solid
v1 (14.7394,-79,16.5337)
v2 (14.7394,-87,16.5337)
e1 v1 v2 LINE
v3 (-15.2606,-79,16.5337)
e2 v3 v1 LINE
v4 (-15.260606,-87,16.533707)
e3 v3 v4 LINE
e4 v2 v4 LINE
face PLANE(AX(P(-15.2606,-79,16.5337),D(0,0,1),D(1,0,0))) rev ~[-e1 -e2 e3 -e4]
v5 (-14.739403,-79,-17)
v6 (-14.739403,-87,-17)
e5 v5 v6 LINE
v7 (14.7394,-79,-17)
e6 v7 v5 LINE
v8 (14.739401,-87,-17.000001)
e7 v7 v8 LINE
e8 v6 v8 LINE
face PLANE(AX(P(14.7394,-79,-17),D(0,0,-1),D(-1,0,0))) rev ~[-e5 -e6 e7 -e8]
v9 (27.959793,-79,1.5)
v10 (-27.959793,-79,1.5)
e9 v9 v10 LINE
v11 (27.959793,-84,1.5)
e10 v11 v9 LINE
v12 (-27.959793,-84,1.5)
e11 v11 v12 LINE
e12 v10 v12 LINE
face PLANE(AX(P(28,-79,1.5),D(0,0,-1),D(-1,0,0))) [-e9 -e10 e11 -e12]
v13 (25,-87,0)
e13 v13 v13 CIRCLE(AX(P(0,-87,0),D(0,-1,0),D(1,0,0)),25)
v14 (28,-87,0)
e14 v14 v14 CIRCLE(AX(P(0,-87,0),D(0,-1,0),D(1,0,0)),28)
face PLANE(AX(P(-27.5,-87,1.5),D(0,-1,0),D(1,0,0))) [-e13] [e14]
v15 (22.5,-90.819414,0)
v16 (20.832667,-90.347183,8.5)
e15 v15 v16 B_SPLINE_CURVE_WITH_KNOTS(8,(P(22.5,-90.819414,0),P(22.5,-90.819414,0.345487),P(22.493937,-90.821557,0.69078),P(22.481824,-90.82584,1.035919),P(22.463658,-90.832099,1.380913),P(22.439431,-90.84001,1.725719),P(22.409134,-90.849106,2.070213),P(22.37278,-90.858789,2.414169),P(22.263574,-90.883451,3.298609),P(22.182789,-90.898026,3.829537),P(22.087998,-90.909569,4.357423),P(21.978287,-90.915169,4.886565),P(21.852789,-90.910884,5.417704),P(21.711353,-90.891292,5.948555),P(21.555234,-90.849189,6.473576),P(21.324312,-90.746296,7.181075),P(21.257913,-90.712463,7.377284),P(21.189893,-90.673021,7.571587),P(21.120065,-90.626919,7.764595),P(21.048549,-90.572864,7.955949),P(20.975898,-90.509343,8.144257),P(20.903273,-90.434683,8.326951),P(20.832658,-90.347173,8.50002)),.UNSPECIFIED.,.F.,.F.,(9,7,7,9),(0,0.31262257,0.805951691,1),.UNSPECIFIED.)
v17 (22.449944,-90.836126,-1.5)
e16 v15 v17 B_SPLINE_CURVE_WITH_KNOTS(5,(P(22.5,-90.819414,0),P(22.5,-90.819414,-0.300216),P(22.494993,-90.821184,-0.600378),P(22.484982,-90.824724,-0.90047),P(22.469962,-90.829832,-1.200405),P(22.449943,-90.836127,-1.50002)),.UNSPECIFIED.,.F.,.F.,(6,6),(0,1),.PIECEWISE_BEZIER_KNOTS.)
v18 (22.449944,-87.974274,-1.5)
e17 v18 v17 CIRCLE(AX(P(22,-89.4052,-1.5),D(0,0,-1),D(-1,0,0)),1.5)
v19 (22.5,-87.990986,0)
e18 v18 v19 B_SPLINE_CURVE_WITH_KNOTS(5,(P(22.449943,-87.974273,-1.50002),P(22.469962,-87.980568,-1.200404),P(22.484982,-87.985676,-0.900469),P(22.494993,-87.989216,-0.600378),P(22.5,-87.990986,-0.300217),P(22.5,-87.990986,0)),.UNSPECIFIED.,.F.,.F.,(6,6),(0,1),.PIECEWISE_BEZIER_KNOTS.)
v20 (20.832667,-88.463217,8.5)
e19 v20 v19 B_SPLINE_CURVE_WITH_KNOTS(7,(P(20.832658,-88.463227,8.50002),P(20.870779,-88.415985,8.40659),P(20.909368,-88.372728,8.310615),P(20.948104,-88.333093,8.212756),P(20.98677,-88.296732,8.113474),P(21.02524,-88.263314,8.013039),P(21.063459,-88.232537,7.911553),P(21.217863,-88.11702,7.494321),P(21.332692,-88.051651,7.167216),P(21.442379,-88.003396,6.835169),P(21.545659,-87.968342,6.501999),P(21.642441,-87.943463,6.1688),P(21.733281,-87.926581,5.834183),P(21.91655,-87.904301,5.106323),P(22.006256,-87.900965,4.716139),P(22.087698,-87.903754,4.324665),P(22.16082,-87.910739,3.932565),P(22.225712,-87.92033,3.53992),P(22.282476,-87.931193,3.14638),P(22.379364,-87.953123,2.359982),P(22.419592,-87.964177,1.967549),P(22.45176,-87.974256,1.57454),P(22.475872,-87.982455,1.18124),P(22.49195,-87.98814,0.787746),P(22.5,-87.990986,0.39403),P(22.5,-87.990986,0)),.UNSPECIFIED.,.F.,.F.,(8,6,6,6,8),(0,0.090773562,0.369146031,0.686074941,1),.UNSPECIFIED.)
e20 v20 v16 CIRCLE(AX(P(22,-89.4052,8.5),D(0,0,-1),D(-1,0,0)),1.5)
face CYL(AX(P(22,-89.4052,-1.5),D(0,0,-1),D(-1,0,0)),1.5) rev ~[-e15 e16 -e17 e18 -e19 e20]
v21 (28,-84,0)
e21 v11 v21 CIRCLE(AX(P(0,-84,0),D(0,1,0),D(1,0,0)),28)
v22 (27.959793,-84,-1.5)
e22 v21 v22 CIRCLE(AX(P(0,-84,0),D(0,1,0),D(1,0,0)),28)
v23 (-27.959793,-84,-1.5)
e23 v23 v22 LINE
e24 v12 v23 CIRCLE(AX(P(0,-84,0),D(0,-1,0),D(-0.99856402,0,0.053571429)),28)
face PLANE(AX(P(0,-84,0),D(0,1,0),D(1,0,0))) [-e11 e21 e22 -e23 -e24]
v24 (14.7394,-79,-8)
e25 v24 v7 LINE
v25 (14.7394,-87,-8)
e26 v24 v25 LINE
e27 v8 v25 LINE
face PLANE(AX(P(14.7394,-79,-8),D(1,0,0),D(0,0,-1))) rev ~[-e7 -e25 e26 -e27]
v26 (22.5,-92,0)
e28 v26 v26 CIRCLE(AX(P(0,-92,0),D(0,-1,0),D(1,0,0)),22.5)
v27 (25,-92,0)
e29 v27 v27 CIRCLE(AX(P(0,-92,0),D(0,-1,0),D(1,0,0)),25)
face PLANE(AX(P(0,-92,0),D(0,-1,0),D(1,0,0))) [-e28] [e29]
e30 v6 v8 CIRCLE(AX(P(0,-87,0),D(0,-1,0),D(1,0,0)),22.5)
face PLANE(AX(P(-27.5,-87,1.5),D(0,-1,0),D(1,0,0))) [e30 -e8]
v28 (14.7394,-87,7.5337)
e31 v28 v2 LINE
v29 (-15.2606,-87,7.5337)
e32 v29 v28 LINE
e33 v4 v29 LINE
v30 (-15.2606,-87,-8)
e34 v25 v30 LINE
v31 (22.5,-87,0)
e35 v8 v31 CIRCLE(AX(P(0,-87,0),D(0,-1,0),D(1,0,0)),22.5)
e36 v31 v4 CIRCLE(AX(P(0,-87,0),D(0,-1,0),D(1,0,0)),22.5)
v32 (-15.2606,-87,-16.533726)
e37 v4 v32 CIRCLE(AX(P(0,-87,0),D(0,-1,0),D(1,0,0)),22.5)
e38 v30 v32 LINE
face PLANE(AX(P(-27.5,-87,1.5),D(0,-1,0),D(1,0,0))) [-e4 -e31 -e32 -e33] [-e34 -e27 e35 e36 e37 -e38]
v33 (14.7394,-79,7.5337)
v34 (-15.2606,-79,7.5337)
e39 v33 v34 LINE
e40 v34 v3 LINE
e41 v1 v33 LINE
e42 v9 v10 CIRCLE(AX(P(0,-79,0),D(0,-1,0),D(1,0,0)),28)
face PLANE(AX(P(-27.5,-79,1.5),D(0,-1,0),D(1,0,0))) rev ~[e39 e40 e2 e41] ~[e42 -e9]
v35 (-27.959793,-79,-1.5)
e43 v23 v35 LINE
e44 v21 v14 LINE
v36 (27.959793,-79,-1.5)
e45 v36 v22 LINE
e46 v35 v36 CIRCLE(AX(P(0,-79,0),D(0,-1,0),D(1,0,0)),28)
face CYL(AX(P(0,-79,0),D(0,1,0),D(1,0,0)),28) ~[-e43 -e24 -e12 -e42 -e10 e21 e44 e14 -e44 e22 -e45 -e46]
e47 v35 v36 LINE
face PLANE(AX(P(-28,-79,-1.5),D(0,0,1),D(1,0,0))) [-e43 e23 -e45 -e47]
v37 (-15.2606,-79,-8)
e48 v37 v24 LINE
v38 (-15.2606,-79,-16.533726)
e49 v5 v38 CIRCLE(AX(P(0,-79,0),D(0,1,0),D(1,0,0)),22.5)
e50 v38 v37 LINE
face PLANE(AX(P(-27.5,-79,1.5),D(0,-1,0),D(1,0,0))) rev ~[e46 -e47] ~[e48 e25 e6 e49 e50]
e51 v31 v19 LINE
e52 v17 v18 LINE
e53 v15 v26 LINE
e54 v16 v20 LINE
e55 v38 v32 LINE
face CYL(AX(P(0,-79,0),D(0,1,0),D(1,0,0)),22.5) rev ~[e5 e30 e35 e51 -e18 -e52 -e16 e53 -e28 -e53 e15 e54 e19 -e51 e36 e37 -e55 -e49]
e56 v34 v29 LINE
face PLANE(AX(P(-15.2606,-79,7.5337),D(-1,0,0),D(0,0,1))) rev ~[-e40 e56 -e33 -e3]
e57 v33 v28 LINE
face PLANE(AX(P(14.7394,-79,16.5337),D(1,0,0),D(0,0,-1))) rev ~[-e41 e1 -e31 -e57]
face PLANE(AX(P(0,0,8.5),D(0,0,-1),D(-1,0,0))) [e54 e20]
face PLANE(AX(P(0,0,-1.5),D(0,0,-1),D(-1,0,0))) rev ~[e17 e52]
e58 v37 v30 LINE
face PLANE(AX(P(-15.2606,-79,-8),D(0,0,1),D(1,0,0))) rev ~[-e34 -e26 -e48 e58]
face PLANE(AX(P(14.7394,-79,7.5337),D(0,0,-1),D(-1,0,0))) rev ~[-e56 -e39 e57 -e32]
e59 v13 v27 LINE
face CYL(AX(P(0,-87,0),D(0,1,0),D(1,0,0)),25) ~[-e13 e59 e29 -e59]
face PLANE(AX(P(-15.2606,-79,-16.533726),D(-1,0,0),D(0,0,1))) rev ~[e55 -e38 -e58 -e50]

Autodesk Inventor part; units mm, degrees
ref_plane "YZ Plane" through (0, 0, 0) normal (1, 0, 0) x (0, 1, 0)
ref_plane "XZ Plane" through (0, 0, 0) normal (0, 1, 0) x (-1, 0, 0)
ref_plane "XY Plane" through (0, 0, 0) normal (0, 0, 1) x (1, 0, 0)
sketch "Sketch1" plane through (0, 0, 0) normal (0, 0, 1) x (1, 0, 0)
  line L0 (-27.5, 79) -> (27.5, 79)
  line L1 (27.5, 79) -> (27.5, -79)
  line L2 (27.5, -79) -> (-27.5, -79)
  line L3 (-27.5, -79) -> (-27.5, 79)
  line L4 (-20, 71.5) -> (20, 71.5)
  line L5 (20, 71.5) -> (20, -71.5)
  line L6 (20, -71.5) -> (-20, -71.5)
  line L7 (-20, -71.5) -> (-20, 71.5)
  point P0 (0, 0)
  point P1 (0, -79)
  dimension "d0" = 55
  dimension "d1" = 158
  dimension "d2" = 79
  dimension "d3" = 27.5
  dimension "d4" = 143
  dimension "d5" = 40
  dimension "d6" = 20
  dimension "d7" = 71.5
extrude "Extrusion1" add sketch "Sketch1" along normal mid plane 3
sketch "Sketch2" plane through (-27.5, 79, -1.5) normal (0, 1, 0) x (1, 0, 0)
  circle A0 centre (27.5, -1.5) radius 28
  point P0 (27.5, -1.5)
  dimension "d10" = 56
extrude "Extrusion2" add sketch "Sketch2" against normal blind 8
sketch "Sketch3" plane through (0, 0, 1.5) normal (0, 0, 1) x (1, 0, 0)
  line L0 (-25, 71) -> (25, 71)
  line L1 (25, 71) -> (25, -9)
  line L2 (25, -9) -> (-25, -9)
  line L3 (-25, -9) -> (-25, 71)
  circle A0 centre (-22, -6) radius 1.5
  circle A1 centre (-22, 68) radius 1.5
  circle A2 centre (22, -6) radius 1.5
  circle A3 centre (22, 68) radius 1.5
  line L4 (-28, 71) -> (28, 71) projected
  point P0 (0, 0)
  dimension "d13" = 80
  dimension "d14" = 50
  dimension "d15" = 25
  dimension "d16" = 3
  dimension "d18" = 3
  dimension "d19" = 3
  dimension "d20" = 3
  dimension "d21" = 44
  dimension "d22" = 44
  dimension "d23" = 22
  dimension "d24" = 22
  dimension "d25" = 74
  dimension "d27" = 74
  dimension "d77" = 0
  dimension "d78" = 3
  dimension "d79" = 3
extrude "Extrusion3" cut sketch "Sketch3" against normal blind 6 contours A0 | A1 | A2 | A3
sketch "Sketch4" plane through (-27.5, -79, 1.5) normal (0, -1, 0) x (1, 0, 0)
  circle A0 centre (27.5, -1.5) radius 28
  point P0 (27.5, -1.5)
extrude "Extrusion4" add sketch "Sketch4" along normal blind 8
sketch "Sketch5" plane through (0, 0, 0) normal (1, 0, 0) x (0, 1, 0)
  circle A0 centre (-81.5, 0) radius 1.5
  line L0 (-79, 28) -> (-79, -28) projected
  point P0 (0, 0)
  dimension "d33" = 3
  dimension "d34" = 2.5
extrude "Extrusion5" cut sketch "Sketch5" along normal through all both and the other way through all
thread "Thread1" size "M3x0.5" class "6H" standard "ANSI Metric M Profile" full length
sketch "Sketch6" plane through (0, -87, 0) normal (0, -1, 0) x (1, 0, 0)
  circle A0 centre (0, 0) radius 25
  circle A1 centre (0, 0) radius 22.5
  point P0 (0, 0)
  dimension "d39" = 50
  dimension "d40" = 45
extrude "Extrusion6" add sketch "Sketch6" along normal blind 5
thread "Thread2" size "M50x2" class "6g" standard "ANSI Metric M Profile" full length
sketch "Sketch7" plane through (0, -79, 0) normal (0, 1, 0) x (1, 0, 0)
  circle A0 centre (0, 0) radius 22.5 projected
  line L0 (14.7394, 17) -> (-15.2606, 17)
  line L1 (-15.2606, 17) -> (-15.2606, 8)
  line L2 (-15.2606, 8) -> (14.7394, 8)
  line L3 (14.7394, 8) -> (14.7394, 17)
  line L4 (14.7394, -7.5337) -> (-15.2606, -7.5337)
  line L5 (-15.2606, -7.5337) -> (-15.2606, -16.5337)
  line L6 (-15.2606, -16.5337) -> (14.7394, -16.5337)
  line L7 (14.7394, -16.5337) -> (14.7394, -7.5337)
  point P0 (0, 0)
  point P1 (-14.7394, 17)
  point P2 (-15.2606, 16.5337)
  dimension "d45" = 9
  dimension "d46" = 9
  dimension "d47" = 30
  dimension "d48" = 8
extrude "Extrusion7" cut sketch "Sketch7" against normal blind 10 contours L5 L4 L7 L6 | L3 L2 L1 A0 L0
sketch "Sketch8" plane through (0, 79, 0) normal (0, 1, 0) x (1, 0, 0)
  circle A0 centre (0, -17) radius 1.5
  circle A1 centre (-17, 0) radius 1.5
  circle A2 centre (0, 17) radius 1.5
  circle A3 centre (17, 0) radius 1.5
  point P0 (0, 0)
  dimension "d51" = 3
  dimension "d52" = 3
  dimension "d53" = 3
  dimension "d54" = 3
  dimension "d55" = 34
  dimension "d56" = 34
  dimension "d57" = 17
  dimension "d58" = 17
extrude "Extrusion8" cut sketch "Sketch8" against normal blind 10
sketch "Sketch10" plane through (0, 79, 0) normal (0, 1, 0) x (1, 0, 0)
  circle A0 centre (0, 0) radius 28
  circle A1 centre (0, 0) radius 26.5
  point P0 (0, 0)
  dimension "d80" = 53
  dimension "d81" = 56
extrude "Extrusion10" add sketch "Sketch10" along normal blind 5
thread "Thread3" size "M55x2" class "6H" standard "ANSI Metric M Profile" full length
sketch "Sketch11" plane through (0, 79, 0) normal (0, 1, 0) x (1, 0, 0)
  circle A0 centre (0, 0) radius 25 projected
  circle A1 centre (0, 25) radius 1.5
  point P0 (0, 0)
  dimension "d86" = 3
extrude "Extrusion11" cut sketch "Sketch11" against normal up to surface (8 mm away) contours A1 A0 | A0 A1 picked at (-0.0591, 24.5002) picked at (0.0534, 25.4938)
pattern_circular "Circular Pattern1" count 10 over 360 about axis through (0, 79, 0) along (0, -1, 0) of "Extrusion11"
sketch "Sketch12" plane through (0, 0, -1.5) normal (0, 0, -1) x (-1, 0, 0)
  circle A0 centre (-22, -89.4052) radius 1.5
  point P0 (0, 0)
  dimension "d93" = 3
  dimension "d94" = 22
extrude "Extrusion12" cut sketch "Sketch12" against normal blind 10
pattern_linear "Rectangular Pattern1" count 2 spacing 100 along (0, -1, 0) of "Extrusion3"
sketch "Sketch13" plane through (0, 79, -25) normal (0, 1, 0) x (1, 0, 0)
  circle A0 centre (9, -34) radius 5
  line L0 (14.7394, -17) -> (-15.2606, -17) projected
  circle A1 centre (9, -16) radius 5
  circle A2 centre (-9, -16) radius 5
  circle A3 centre (-9, -34) radius 5
  point P0 (0, -25)
  dimension "d100" = 10
  dimension "d101" = 10
  dimension "d104" = 18
  dimension "d108" = 9
  dimension "d109" = 9
  dimension "d110" = 9
  dimension "d111" = 10
  dimension "d112" = 10
  dimension "d113" = 9
  dimension "d114" = 9
  dimension "d115" = 9
  dimension "d116" = 9
extrude "Extrusion13" cut sketch "Sketch13" against normal up to surface (8 mm away)
sketch "Sketch14" plane through (-20, -71.5, 1.5) normal (0, 1, 0) x (1, 0, 0)
  arc A0 (4.7394, 18.0337) -> (4.7394, -15.0337) centre (20, 1.5) ccw projected
  line L0 (-7.5, 0) -> (47.5, 0) projected
  line L1 (-2.4455, 3.065) -> (42.5703, 3.065)
  line L2 (42.5703, 3.065) -> (42.5703, 0)
  line L3 (42.5703, 0) -> (-2.4455, 0)
  line L4 (-2.4455, 0) -> (-2.4455, 3.065)
  point P0 (20, 1.5)
  point P1 (-2.4455, 0)
extrude "Extrusion14" add sketch "Sketch14" along normal up to surface (142.5 mm away) contours L1 L2 L0 L4
ref_plane "Work Plane1" through (0, 0, 61.5) normal (0, 0, 1) x (1, 0, 0)
sketch "Sketch15" plane through (0, 0, 61.5) normal (0, 0, 1) x (1, 0, 0)
  line L0 (-22.4455, 66.5677) -> (-22.4455, -4.5677) projected
  line L1 (-22.4455, 66.5) -> (20.5545, 66.5)
  line L2 (20.5545, 66.5) -> (20.5545, -66.5)
  line L3 (20.5545, -66.5) -> (-22.4455, -66.5)
  line L4 (-22.4455, -66.5) -> (-22.4455, 66.5)
  line L5 (-22.4455, 56.5) -> (20.5545, 56.5)
  line L6 (-22.4455, 46.5) -> (20.5545, 46.5)
  line L7 (-22.4455, 36.5) -> (20.5545, 36.5)
  line L8 (-22.4455, 26.5) -> (20.5545, 26.5)
  line L9 (-22.4455, 16.5) -> (20.5545, 16.5)
  line L10 (-22.4455, 6.5) -> (20.5545, 6.5)
  line L11 (-22.4455, -3.5) -> (20.5545, -3.5)
  line L12 (-22.4455, -13.5) -> (20.5545, -13.5)
  line L13 (-22.4455, -23.5) -> (20.5545, -23.5)
  line L14 (-22.4455, -33.5) -> (20.5545, -33.5)
  line L15 (-22.4455, -43.5) -> (20.5545, -43.5)
  line L16 (-22.4455, -53.5) -> (20.5545, -53.5)
  line L17 (-22.4455, -63.5) -> (20.5545, -63.5)
  line L18 (15.5545, 66.5) -> (15.5545, -66.5)
  line L19 (10.5545, 66.5) -> (10.5545, -66.5)
  line L20 (5.5545, 66.5) -> (5.5545, -66.5)
  line L21 (0.5545, 66.5) -> (0.5545, -66.5)
  line L22 (-4.4455, 66.5) -> (-4.4455, -66.5)
  line L23 (-9.4455, 66.5) -> (-9.4455, -66.5)
  line L24 (-14.4455, 66.5) -> (-14.4455, -66.5)
  line L25 (-19.4455, 66.5) -> (-19.4455, -66.5)
  line L26 (-24.4455, 66.5) -> (-24.4455, -66.5)
  point P0 (0, 0)
  point P1 (15.5545, -43.5)
  point P2 (15.5545, -53.5)
  point P3 (5.5545, -43.5)
  point P4 (5.5545, -53.5)
  point P5 (10.5545, -53.5)
  point P6 (10.5545, -43.5)
  point P7 (-4.4455, -43.5)
  point P8 (-4.4455, -53.5)
  point P9 (0.5545, -53.5)
  point P10 (0.5545, -43.5)
  point P11 (-14.4455, -43.5)
  point P12 (-14.4455, -53.5)
  point P13 (-9.4455, -53.5)
  point P14 (-9.4455, -43.5)
  point P15 (-19.4455, -53.5)
  point P16 (-19.4455, -43.5)
  point P17 (10.5545, -23.5)
  point P18 (10.5545, -33.5)
  point P19 (15.5545, -33.5)
  point P20 (15.5545, -23.5)
  point P21 (0.5545, -23.5)
  point P22 (0.5545, -33.5)
  point P23 (5.5545, -33.5)
  point P24 (5.5545, -23.5)
  point P25 (-9.4455, -23.5)
  point P26 (-9.4455, -33.5)
  point P27 (-4.4455, -33.5)
  point P28 (-4.4455, -23.5)
  point P29 (-19.4455, -23.5)
  point P30 (-19.4455, -33.5)
  point P31 (-14.4455, -33.5)
  point P32 (-14.4455, -23.5)
  point P33 (15.5545, -3.5)
  point P34 (15.5545, -13.5)
  point P35 (5.5545, -3.5)
  point P36 (5.5545, -13.5)
  point P37 (10.5545, -13.5)
  point P38 (10.5545, -3.5)
  point P39 (-4.4455, -3.5)
  point P40 (-4.4455, -13.5)
  point P41 (0.5545, -13.5)
  point P42 (0.5545, -3.5)
  point P43 (-14.4455, -3.5)
  point P44 (-14.4455, -13.5)
  point P45 (-9.4455, -13.5)
  point P46 (-9.4455, -3.5)
  point P47 (-19.4455, -13.5)
  point P48 (-19.4455, -3.5)
  point P49 (-22.4455, -4.5677)
  point P50 (15.5545, 16.5)
  point P51 (15.5545, 6.5)
  point P52 (5.5545, 16.5)
  point P53 (5.5545, 6.5)
  point P54 (10.5545, 6.5)
  point P55 (10.5545, 16.5)
  point P56 (-4.4455, 16.5)
  point P57 (-4.4455, 6.5)
  point P58 (0.5545, 6.5)
  point P59 (0.5545, 16.5)
  point P60 (-14.4455, 16.5)
  point P61 (-14.4455, 6.5)
  point P62 (-9.4455, 6.5)
  point P63 (-9.4455, 16.5)
  point P64 (-19.4455, 6.5)
  point P65 (-19.4455, 16.5)
  point P66 (-19.4455, 36.5)
  point P67 (-19.4455, 26.5)
  point P68 (-14.4455, 26.5)
  point P69 (-14.4455, 36.5)
  point P70 (-19.4455, 56.5)
  point P71 (-19.4455, 46.5)
  point P72 (-14.4455, 46.5)
  point P73 (-14.4455, 56.5)
  point P74 (-9.4455, 56.5)
  point P75 (-9.4455, 46.5)
  point P76 (-4.4455, 46.5)
  point P77 (-4.4455, 56.5)
  point P78 (-9.4455, 36.5)
  point P79 (-9.4455, 26.5)
  point P80 (-4.4455, 26.5)
  point P81 (-4.4455, 36.5)
  point P82 (10.5545, 36.5)
  point P83 (10.5545, 26.5)
  point P84 (15.5545, 26.5)
  point P85 (15.5545, 36.5)
  point P86 (10.5545, 56.5)
  point P87 (10.5545, 46.5)
  point P88 (15.5545, 46.5)
  point P89 (15.5545, 56.5)
  point P90 (0.5545, 56.5)
  point P91 (0.5545, 46.5)
  point P92 (5.5545, 46.5)
  point P93 (5.5545, 56.5)
  point P94 (0.5545, 36.5)
  point P95 (0.5545, 26.5)
  point P96 (5.5545, 26.5)
  point P97 (5.5545, 36.5)
  dimension "d122" = 43
  dimension "d123" = 133
  dimension "d124" = 66.5
  dimension "d127" = 10
  dimension "d134" = 5
extrude "Extrusion15" cut sketch "Sketch15" against normal up to surface (63.065 mm away) contours L5 L24 L6 L25 | L7 L24 L8 L25 | L5 L22 L6 L23 | L9 L25 L10 L0 | L7 L22 L8 L23 | L5 L20 L6 L21 | L11 L25 L12 L4 L0 | L9 L23 L10 L24 | L7 L20 L8 L21 | L5 L18 L6 L19 | L11 L23 L12 L24 | L9 L21 L10 L22 | L13 L24 L14 L25 | L7 L18 L8 L19 | L11 L21 L12 L22 | L9 L19 L10 L20 | L15 L25 L16 L4 | L13 L22 L14 L23 | L11 L19 L12 L20 | L15 L23 L16 L24 | L9 L2 L10 L18 | L13 L20 L14 L21 | L11 L2 L12 L18 | L15 L21 L16 L22 | L13 L18 L14 L19 | L15 L19 L16 L20 | L15 L2 L16 L18
ref_plane "Work Plane2" through (0, -79, 0) normal (0, 1, 0) x (1, 0, 0)
split "Split1" plane through (0, -79, 0) removes the side toward (0, 1, 0)
sketch "Sketch16" plane through (0, -79, 0) normal (0, 1, 0) x (1, 0, 0)
  line L0 (-28, 1.5) -> (28, 1.5)
  line L1 (28, 1.5) -> (28, -1.5)
  line L2 (28, -1.5) -> (-28, -1.5)
  line L3 (-28, -1.5) -> (-28, 1.5)
  point P0 (0, 0)
  dimension "d142" = 3
  dimension "d143" = 1.5
  dimension "d144" = 56
  dimension "d145" = 28
extrude "Extrusion16" cut sketch "Sketch16" against normal blind 5
properties part number "case v0 bottom"
